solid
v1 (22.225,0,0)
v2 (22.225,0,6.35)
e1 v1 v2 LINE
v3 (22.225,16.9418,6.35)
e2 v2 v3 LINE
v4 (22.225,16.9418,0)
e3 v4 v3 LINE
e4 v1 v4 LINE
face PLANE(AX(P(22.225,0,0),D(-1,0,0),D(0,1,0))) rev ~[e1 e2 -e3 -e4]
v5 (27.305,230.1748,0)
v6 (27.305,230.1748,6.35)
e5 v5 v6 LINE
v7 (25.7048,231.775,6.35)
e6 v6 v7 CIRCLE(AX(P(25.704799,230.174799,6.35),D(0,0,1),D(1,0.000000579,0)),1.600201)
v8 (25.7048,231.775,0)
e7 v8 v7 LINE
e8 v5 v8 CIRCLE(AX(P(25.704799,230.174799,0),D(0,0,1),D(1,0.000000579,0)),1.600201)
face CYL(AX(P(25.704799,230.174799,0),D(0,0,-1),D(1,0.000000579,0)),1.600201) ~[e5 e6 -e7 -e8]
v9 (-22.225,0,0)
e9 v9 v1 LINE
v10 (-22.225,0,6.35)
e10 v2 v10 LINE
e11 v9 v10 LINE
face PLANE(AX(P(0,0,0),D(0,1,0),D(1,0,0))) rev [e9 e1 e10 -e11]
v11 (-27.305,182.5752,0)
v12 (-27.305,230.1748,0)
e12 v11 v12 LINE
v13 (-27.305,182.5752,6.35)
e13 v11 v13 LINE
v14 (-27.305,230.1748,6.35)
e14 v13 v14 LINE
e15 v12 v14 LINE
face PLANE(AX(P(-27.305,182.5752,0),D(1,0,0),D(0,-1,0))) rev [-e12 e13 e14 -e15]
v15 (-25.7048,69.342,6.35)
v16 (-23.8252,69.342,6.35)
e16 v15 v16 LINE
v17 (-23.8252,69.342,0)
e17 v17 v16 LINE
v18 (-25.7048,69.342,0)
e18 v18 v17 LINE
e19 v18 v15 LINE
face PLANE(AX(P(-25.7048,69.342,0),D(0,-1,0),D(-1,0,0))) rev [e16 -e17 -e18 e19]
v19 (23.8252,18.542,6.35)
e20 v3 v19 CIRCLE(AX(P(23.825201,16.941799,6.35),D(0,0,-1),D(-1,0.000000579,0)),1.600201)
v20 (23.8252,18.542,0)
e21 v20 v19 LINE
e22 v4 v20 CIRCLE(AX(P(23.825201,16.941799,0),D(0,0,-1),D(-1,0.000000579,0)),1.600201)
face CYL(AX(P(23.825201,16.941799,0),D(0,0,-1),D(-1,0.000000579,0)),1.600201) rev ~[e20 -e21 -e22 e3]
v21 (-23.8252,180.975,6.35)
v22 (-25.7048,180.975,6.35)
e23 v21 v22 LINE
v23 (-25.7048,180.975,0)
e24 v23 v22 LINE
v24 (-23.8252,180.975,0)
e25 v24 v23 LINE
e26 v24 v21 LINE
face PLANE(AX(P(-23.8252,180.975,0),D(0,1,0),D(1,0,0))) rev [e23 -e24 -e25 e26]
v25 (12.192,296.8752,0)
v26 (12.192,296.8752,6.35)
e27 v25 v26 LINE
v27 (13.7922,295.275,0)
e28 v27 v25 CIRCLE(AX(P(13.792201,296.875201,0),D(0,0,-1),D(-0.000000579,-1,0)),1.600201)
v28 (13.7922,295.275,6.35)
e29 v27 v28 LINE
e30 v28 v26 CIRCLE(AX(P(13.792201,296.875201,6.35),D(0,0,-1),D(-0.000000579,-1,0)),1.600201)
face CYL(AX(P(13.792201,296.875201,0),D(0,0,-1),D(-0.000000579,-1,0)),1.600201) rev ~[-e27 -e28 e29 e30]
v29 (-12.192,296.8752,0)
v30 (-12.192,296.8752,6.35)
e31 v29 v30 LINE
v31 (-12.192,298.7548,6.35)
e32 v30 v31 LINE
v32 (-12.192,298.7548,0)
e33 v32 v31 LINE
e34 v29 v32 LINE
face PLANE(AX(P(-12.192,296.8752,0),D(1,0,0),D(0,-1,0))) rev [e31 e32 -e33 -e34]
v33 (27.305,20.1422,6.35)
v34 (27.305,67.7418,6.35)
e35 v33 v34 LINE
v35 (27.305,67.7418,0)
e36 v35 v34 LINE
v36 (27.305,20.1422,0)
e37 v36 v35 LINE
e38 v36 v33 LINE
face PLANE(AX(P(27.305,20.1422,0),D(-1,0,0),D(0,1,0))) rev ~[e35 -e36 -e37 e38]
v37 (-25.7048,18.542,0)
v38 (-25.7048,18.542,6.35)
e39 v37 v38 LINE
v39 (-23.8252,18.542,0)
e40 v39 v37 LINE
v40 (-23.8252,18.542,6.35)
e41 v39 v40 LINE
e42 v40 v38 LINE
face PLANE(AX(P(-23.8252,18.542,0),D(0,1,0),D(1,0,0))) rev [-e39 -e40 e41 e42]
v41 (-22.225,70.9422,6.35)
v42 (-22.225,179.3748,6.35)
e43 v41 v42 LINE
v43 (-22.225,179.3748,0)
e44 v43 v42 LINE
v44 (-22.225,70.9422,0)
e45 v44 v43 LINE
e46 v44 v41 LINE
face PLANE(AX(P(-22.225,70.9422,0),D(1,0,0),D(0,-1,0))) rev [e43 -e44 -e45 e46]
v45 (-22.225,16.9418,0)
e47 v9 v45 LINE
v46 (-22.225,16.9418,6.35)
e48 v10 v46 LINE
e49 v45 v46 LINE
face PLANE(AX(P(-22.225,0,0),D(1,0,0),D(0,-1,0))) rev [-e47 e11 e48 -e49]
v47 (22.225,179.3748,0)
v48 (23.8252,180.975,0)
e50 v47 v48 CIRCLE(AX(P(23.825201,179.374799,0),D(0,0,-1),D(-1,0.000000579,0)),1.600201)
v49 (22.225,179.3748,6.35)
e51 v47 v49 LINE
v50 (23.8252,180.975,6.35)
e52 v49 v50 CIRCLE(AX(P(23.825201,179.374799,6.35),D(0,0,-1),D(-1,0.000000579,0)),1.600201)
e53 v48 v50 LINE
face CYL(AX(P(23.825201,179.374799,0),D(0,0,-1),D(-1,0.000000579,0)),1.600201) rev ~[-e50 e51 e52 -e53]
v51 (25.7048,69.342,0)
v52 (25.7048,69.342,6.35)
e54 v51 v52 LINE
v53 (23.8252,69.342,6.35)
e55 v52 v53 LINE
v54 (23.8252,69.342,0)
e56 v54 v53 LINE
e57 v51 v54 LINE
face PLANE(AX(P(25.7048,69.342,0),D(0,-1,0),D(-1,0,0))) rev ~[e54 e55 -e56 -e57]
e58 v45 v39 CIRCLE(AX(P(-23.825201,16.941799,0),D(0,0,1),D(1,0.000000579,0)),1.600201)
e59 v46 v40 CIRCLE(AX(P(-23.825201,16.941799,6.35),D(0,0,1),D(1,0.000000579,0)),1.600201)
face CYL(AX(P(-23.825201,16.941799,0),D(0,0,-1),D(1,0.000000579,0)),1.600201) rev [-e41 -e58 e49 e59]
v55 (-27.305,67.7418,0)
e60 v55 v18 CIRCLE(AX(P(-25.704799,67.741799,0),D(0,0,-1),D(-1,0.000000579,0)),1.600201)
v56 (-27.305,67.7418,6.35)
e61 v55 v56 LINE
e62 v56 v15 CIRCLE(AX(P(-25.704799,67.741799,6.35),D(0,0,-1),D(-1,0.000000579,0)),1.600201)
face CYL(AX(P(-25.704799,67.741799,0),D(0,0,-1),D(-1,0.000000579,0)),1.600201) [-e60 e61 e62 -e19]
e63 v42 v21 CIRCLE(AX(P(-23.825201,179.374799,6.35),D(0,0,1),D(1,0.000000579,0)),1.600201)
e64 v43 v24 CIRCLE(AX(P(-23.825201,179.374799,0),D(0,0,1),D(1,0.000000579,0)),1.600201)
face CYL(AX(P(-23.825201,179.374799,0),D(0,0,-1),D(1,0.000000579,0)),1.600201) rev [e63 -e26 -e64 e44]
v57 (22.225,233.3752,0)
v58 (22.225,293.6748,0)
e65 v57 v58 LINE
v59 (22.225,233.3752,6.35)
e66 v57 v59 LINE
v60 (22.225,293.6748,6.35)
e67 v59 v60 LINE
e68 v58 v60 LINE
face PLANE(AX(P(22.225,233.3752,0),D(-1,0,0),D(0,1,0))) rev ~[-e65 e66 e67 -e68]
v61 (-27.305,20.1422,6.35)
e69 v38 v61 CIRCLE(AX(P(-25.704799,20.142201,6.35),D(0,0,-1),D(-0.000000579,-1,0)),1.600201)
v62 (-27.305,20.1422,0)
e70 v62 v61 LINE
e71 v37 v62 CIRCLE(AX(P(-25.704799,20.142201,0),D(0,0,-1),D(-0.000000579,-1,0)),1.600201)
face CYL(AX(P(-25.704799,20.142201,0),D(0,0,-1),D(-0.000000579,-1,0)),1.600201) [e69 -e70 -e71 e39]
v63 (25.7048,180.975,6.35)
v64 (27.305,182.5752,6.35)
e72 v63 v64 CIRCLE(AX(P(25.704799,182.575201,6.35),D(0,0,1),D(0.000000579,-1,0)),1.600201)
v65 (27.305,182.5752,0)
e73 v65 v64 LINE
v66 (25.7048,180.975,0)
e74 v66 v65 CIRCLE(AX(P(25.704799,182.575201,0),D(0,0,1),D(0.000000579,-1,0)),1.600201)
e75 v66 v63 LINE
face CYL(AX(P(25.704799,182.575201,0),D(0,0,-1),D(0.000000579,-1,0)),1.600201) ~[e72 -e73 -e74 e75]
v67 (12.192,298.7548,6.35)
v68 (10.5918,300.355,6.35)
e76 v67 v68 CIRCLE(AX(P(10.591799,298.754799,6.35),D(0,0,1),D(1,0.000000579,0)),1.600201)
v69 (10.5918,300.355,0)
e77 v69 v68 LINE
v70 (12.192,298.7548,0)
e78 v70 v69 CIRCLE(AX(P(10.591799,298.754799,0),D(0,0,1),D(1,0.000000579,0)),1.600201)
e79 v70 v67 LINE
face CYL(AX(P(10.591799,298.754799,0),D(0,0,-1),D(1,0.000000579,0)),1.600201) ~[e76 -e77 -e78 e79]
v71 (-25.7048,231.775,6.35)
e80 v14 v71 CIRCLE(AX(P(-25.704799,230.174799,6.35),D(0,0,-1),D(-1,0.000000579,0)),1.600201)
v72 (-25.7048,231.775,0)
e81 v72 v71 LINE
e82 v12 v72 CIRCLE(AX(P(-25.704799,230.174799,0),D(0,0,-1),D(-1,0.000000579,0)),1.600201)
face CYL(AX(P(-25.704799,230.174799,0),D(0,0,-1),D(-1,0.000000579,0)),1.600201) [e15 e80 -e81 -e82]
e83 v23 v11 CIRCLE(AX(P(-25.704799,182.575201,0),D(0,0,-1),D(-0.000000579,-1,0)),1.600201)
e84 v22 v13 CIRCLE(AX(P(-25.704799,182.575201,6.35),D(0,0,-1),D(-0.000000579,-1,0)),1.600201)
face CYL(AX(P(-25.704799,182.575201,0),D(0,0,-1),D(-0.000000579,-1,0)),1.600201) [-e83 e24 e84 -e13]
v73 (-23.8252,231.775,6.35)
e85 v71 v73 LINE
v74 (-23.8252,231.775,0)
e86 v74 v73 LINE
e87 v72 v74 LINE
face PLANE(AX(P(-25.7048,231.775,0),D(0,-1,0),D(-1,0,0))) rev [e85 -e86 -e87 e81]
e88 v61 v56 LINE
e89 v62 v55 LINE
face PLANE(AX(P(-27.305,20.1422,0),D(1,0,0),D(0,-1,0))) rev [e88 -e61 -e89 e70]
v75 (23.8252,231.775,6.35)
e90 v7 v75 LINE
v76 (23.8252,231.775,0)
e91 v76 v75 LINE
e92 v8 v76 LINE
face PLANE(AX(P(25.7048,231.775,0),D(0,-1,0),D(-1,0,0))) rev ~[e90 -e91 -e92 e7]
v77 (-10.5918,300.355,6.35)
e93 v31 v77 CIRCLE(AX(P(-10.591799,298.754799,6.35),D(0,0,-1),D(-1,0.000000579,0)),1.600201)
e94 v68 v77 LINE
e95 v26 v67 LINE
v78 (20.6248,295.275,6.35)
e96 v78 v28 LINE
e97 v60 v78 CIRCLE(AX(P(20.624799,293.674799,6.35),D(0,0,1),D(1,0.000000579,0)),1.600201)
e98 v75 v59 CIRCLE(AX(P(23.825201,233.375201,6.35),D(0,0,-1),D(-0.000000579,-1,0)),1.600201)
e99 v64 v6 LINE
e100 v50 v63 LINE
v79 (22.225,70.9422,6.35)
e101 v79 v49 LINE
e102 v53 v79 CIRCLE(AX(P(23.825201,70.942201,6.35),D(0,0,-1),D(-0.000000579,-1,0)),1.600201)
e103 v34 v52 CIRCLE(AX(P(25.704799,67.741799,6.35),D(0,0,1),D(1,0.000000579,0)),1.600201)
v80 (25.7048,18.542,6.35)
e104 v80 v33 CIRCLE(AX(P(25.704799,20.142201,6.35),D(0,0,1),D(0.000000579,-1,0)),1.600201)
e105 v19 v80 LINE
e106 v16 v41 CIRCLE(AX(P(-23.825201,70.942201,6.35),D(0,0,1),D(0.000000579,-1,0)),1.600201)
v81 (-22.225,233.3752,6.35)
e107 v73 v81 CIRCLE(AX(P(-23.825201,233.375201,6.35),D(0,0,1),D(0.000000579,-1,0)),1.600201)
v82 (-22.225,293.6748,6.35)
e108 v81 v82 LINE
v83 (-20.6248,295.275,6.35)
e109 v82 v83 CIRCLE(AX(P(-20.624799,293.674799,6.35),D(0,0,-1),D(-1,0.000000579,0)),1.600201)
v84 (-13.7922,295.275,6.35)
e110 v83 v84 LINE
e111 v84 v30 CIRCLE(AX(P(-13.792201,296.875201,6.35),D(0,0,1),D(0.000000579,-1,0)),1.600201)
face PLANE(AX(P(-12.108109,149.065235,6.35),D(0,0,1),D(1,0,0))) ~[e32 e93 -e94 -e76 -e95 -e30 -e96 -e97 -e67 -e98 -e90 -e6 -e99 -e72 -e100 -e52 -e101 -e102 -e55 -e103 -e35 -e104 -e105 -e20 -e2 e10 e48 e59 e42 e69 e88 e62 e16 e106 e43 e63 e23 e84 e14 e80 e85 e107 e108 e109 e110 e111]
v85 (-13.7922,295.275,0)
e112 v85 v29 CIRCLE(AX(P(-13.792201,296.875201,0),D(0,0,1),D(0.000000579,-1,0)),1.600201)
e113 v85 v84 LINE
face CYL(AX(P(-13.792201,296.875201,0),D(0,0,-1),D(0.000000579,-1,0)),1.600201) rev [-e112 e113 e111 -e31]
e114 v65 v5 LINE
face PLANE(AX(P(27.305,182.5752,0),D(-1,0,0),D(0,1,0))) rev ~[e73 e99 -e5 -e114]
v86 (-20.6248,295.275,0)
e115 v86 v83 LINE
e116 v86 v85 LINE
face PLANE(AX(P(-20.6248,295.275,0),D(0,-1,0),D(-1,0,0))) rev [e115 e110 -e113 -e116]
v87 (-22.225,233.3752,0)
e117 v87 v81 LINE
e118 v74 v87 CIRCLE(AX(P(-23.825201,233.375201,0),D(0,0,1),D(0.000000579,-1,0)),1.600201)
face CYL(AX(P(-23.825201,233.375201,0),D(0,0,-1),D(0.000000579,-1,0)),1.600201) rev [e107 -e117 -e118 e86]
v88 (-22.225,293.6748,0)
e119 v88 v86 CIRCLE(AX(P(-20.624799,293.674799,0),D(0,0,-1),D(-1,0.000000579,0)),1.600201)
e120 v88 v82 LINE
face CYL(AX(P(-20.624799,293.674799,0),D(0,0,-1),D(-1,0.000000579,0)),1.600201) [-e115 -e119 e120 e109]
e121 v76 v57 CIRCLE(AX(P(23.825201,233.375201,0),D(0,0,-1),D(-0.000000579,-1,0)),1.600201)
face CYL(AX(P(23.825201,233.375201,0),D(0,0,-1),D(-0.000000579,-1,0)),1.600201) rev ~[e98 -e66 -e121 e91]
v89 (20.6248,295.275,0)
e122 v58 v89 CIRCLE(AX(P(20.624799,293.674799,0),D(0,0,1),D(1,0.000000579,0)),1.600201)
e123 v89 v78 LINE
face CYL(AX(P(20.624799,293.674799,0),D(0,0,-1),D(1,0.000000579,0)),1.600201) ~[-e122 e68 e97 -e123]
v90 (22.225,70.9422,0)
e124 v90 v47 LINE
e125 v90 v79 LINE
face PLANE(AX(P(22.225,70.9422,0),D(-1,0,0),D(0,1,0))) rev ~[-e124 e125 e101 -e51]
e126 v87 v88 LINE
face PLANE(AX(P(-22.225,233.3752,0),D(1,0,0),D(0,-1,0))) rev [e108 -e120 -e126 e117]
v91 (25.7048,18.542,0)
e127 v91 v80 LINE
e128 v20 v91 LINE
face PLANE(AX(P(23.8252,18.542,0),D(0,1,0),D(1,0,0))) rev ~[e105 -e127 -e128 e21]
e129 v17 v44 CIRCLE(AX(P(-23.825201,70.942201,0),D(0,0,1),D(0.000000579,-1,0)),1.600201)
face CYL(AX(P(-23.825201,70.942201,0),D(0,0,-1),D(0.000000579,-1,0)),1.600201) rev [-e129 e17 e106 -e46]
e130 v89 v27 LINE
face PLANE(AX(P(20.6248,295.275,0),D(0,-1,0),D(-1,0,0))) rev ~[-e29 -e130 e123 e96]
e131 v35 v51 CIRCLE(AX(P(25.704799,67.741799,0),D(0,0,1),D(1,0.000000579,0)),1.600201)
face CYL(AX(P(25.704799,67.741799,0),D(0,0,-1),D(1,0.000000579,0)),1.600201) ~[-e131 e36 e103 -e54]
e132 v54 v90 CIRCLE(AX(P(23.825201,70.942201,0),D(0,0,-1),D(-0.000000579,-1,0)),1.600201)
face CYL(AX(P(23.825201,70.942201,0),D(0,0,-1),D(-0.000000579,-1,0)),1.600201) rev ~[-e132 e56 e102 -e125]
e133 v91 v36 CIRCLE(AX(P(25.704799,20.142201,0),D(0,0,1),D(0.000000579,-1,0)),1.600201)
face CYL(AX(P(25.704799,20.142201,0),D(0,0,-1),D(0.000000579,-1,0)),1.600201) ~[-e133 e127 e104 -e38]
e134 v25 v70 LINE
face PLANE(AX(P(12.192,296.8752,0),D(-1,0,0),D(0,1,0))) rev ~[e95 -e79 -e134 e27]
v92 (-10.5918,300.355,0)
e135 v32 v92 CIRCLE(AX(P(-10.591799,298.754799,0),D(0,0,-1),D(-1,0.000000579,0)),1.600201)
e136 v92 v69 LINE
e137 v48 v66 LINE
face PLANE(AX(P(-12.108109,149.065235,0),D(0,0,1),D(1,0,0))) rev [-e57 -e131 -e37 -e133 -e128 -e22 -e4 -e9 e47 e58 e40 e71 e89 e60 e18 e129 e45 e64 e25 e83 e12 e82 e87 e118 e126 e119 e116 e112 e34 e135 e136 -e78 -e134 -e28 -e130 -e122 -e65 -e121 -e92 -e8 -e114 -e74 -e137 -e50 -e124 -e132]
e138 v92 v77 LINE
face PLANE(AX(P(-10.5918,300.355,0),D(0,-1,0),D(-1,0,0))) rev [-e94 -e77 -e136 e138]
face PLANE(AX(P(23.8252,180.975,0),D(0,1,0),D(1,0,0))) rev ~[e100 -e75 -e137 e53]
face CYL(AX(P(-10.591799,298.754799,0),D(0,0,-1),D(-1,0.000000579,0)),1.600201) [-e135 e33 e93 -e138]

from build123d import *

# Parameters (mm, degrees)
F1_DEPTH = 6.35


with BuildPart() as f1:
    # F0 (on Top) → F1 (new body)
    with BuildSketch(Plane.XY):
        with BuildLine():
            Line((0, 300.355), (0, 0))
            Line((0, 0), (22.225, 0))
            Line((22.225, 0), (22.225, 16.9418))
            ThreePointArc((22.225, 16.9418), (22.693688, 18.073312), (23.8252, 18.542))
            Line((23.8252, 18.542), (25.7048, 18.542))
            ThreePointArc((25.7048, 18.542), (26.836312, 19.010688), (27.305, 20.1422))
            Line((27.305, 20.1422), (27.305, 67.7418))
            ThreePointArc((27.305, 67.7418), (26.836312, 68.873312), (25.7048, 69.342))
            Line((25.7048, 69.342), (23.8252, 69.342))
            ThreePointArc((23.8252, 69.342), (22.693688, 69.810688), (22.225, 70.9422))
            Line((22.225, 70.9422), (22.225, 179.3748))
            ThreePointArc((22.225, 179.3748), (22.693688, 180.506312), (23.8252, 180.975))
            Line((23.8252, 180.975), (25.7048, 180.975))
            ThreePointArc((25.7048, 180.975), (26.836312, 181.443688), (27.305, 182.5752))
            Line((27.305, 182.5752), (27.305, 230.1748))
            ThreePointArc((27.305, 230.1748), (26.836312, 231.306312), (25.7048, 231.775))
            Line((25.7048, 231.775), (23.8252, 231.775))
            ThreePointArc((23.8252, 231.775), (22.693688, 232.243688), (22.225, 233.3752))
            Line((22.225, 233.3752), (22.225, 293.6748))
            ThreePointArc((22.225, 293.6748), (21.756312, 294.806312), (20.6248, 295.275))
            Line((20.6248, 295.275), (13.7922, 295.275))
            ThreePointArc((13.7922, 295.275), (12.660688, 295.743688), (12.192, 296.8752))
            Line((12.192, 296.8752), (12.192, 298.7548))
            ThreePointArc((12.192, 298.7548), (11.723312, 299.886312), (10.5918, 300.355))
            Line((10.5918, 300.355), (0, 300.355))
        make_face()
    extrude(amount=F1_DEPTH)

    # F2: F1 across face


with BuildPart() as f1_1:
    add(f1.part)
    add(f1.part.mirror(Plane(origin=(0, 150.1775, 3.175), x_dir=(0, -1, 0), z_dir=(-1, 0, 0))))


solid = f1_1.part
